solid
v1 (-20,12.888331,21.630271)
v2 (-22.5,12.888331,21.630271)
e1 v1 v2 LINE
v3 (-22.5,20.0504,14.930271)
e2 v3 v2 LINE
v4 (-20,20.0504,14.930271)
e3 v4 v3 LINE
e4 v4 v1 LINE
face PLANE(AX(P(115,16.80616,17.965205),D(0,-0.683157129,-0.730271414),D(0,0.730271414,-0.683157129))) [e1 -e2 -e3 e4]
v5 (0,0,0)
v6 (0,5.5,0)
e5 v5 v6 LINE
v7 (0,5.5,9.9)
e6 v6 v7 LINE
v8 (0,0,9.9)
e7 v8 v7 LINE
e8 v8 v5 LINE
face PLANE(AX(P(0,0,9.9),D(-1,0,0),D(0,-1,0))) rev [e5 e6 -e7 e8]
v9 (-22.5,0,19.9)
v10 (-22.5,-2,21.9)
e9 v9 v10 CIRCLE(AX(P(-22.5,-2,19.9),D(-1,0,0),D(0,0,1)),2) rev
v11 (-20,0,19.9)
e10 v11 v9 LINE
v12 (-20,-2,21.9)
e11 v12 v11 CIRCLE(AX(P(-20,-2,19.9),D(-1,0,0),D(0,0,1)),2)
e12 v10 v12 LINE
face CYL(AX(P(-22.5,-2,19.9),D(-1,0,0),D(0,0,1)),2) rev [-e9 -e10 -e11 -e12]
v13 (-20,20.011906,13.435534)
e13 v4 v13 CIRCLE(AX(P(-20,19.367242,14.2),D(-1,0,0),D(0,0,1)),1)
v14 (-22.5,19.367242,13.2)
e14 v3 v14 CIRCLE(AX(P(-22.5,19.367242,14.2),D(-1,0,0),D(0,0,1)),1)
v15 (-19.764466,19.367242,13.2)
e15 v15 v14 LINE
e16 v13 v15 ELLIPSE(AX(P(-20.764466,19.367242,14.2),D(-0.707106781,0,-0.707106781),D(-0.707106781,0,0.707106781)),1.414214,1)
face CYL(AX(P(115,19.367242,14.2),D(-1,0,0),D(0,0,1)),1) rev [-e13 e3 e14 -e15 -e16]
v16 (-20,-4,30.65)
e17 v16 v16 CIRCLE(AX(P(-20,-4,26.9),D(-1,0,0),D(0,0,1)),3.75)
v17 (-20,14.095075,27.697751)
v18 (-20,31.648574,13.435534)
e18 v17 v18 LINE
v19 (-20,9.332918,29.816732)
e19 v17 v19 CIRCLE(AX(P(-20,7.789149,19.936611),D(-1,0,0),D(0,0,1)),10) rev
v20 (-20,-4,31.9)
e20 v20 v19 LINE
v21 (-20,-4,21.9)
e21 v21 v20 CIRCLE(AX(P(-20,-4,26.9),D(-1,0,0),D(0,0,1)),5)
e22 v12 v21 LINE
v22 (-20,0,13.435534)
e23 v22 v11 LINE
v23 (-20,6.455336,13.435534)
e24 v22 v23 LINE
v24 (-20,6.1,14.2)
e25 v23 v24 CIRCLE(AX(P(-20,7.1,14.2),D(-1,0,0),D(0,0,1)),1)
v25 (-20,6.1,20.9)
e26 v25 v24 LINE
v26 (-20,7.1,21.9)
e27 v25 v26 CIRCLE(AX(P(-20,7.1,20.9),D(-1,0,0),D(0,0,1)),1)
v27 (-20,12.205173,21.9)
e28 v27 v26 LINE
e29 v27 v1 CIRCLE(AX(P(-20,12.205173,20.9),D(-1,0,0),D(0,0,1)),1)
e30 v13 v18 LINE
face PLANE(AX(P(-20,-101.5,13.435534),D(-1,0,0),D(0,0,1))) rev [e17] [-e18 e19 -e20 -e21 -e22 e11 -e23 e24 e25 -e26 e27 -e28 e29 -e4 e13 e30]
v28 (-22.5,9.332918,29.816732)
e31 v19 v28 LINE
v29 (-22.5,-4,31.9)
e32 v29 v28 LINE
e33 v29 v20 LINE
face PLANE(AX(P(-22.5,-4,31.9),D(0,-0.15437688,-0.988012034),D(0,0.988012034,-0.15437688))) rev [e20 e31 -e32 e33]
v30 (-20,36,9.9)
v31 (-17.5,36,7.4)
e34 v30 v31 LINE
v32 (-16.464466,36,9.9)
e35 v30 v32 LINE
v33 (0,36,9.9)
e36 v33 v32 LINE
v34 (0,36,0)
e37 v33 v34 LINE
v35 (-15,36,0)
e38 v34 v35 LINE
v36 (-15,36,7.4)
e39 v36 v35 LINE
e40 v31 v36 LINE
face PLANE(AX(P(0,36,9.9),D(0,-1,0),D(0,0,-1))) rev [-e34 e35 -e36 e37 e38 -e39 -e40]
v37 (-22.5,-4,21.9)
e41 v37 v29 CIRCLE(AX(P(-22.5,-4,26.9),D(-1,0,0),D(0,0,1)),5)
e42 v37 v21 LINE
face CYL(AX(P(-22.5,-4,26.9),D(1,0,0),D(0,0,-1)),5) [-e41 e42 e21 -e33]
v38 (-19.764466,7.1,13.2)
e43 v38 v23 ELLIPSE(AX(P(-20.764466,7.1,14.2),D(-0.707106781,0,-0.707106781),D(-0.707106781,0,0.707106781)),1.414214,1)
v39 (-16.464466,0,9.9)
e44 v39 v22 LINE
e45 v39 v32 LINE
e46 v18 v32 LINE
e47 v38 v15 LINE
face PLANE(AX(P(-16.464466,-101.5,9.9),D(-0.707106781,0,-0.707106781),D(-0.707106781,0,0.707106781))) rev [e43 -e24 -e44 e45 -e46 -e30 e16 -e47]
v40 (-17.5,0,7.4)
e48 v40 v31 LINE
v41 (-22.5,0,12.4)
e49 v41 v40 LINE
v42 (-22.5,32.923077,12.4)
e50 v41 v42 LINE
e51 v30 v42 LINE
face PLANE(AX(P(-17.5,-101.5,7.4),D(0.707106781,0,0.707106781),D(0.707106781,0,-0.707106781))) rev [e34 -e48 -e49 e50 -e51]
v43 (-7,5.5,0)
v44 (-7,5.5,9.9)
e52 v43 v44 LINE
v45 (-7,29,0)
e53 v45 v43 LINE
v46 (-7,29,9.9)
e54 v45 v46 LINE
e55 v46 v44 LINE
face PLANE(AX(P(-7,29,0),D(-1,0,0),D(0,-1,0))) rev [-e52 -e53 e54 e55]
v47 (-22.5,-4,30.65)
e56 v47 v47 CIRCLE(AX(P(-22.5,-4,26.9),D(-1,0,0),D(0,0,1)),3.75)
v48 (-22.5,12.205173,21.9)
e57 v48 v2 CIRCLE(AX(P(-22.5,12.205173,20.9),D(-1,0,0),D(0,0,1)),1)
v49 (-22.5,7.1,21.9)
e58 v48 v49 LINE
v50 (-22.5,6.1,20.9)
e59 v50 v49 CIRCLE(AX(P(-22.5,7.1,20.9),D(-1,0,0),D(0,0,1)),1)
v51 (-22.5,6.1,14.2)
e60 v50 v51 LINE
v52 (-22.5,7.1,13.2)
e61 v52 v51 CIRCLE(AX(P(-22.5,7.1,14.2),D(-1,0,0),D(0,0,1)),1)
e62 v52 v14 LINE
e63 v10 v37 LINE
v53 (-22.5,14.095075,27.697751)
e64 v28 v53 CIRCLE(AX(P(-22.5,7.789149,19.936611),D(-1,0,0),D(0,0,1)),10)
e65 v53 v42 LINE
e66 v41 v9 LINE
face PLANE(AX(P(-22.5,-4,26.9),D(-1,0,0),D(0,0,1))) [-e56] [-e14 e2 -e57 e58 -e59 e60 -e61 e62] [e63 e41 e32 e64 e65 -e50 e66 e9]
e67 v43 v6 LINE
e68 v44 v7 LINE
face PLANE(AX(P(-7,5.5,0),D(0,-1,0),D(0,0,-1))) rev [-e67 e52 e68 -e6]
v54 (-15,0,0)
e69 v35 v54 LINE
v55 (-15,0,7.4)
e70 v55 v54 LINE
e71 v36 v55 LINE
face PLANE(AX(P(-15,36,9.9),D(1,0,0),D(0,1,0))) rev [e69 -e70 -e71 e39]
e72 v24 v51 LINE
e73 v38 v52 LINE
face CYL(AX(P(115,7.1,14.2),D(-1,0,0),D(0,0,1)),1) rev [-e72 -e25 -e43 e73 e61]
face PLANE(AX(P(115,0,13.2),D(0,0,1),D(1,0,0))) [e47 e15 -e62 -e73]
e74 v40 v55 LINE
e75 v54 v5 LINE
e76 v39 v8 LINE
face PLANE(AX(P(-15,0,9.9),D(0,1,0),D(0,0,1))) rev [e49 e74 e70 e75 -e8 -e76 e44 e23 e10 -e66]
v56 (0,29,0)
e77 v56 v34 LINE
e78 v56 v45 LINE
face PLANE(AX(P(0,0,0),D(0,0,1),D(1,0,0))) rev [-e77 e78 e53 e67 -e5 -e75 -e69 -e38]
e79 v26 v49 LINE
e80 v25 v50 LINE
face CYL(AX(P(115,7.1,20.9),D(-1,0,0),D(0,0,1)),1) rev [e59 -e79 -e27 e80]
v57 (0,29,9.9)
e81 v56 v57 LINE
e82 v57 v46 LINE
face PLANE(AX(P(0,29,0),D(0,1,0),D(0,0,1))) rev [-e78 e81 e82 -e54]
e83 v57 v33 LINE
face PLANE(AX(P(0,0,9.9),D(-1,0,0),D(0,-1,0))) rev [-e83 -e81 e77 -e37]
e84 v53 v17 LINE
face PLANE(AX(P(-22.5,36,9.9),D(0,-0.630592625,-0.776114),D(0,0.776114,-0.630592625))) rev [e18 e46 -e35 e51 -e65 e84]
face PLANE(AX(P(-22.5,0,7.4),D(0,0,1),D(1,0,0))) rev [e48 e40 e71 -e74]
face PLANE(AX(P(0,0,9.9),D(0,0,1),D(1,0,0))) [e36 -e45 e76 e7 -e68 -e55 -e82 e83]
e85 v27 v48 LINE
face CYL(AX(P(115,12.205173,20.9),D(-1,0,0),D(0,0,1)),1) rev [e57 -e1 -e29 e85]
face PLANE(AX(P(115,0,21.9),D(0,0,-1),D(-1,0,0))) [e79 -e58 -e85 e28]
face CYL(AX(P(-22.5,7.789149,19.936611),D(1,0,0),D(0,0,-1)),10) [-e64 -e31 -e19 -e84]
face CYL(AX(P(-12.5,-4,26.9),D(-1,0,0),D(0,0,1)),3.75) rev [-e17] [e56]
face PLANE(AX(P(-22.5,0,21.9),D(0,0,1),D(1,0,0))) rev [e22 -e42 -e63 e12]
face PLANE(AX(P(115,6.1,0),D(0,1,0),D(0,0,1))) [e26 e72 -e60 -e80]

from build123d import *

# Parameters (mm, degrees)
SZKIC1_W                    = 15
SZKIC1_H                    = 36
DODANIE_WYCI_GNI_CIE1_DEPTH = 9.9
SZKIC2_W                    = 7
SZKIC2_H                    = 23.5
WYTNIJ_WYCI_GNI_CIE1_DEPTH  = 9.9
SZKIC3_R                    = 2.5
DODANIE_WYCI_GNI_CIE2_DEPTH = 7.5
WYTNIJ_WYCI_GNI_CIE2_DEPTH  = 137.5
WYTNIJ_WYCI_GNI_CIE3_DEPTH  = 137.5
ZAOKR_GLENIE1_R             = 10
ZAOKR_GLENIE2_R             = 2
SZKIC6_R                    = 3.75
WYTNIJ_WYCI_GNI_CIE4_DEPTH  = 10


with BuildPart() as part:
    # Szkic1 → Dodanie-wyciągnięcie1 (new body)
    with BuildSketch(Plane.XY):
        with Locations((-7.5, 18)):
            Rectangle(SZKIC1_W, SZKIC1_H)
    extrude(amount=DODANIE_WYCI_GNI_CIE1_DEPTH)

    # Szkic2 → Wytnij-wyciągnięcie1 (cut)
    with BuildSketch(Plane.XY.offset(9.9)):
        with Locations((-3.5, 17.25)):
            Rectangle(SZKIC2_W, SZKIC2_H)
    extrude(amount=-WYTNIJ_WYCI_GNI_CIE1_DEPTH, mode=Mode.SUBTRACT)

    # Szkic3 → Dodanie-wyciągnięcie2 (add)
    with BuildSketch(Plane.ZY.offset(15)):
        with BuildLine():
            Line((7.4, 36), (9.9, 36))
            Line((9.9, 36), (12.4, 32.923076923))
            Line((12.4, 32.923076923), (29.4, 12))
            Line((29.4, 12), (31.9, -4))
            ThreePointArc((31.9, -4), (26.9, -9), (21.9, -4))
            Line((21.9, -4), (21.9, 0))
            Line((21.9, 0), (12.4, 0))
            Line((12.4, 0), (7.4, 0))
            Line((7.4, 0), (7.4, 36))
        make_face()
        with Locations((26.9, -4)):
            Circle(SZKIC3_R, mode=Mode.SUBTRACT)
    extrude(amount=DODANIE_WYCI_GNI_CIE2_DEPTH)

    # Szkic4 → Wytnij-wyciągnięcie2 (cut)
    with BuildSketch(Plane(origin=(0, 36, 0), x_dir=(1, 0, 0), z_dir=(0, 1, 0))):
        Polygon((-17.5, -7.4), (-25.001097051, -14.901097051), (-26.525986736, -7.4), align=None)
        Polygon((-16.464466094, -9.9), (-20, -13.435533906), (-20, -34.97095788), (-2.856589665, -34.97095788), (-4.384348652, -9.9), align=None)
    extrude(amount=-WYTNIJ_WYCI_GNI_CIE2_DEPTH, mode=Mode.SUBTRACT)

    # Szkic5 → Wytnij-wyciągnięcie3 (cut)
    with BuildSketch(Plane.ZY.offset(22.5)):
        with BuildLine():
            Line((14.930271414, 20.050399523), (21.630271414, 12.888330558))
            ThreePointArc((21.630271414, 12.888330558), (21.830126715, 12.572412171), (21.9, 12.205173429))
            Line((21.9, 12.205173429), (21.9, 7.1))
            ThreePointArc((21.9, 7.1), (21.607106781, 6.392893219), (20.9, 6.1))
            Line((20.9, 6.1), (14.2, 6.1))
            ThreePointArc((14.2, 6.1), (13.492893219, 6.392893219), (13.2, 7.1))
            Line((13.2, 7.1), (13.2, 19.367242395))
            ThreePointArc((13.2, 19.367242395), (13.832761259, 20.29736911), (14.930271414, 20.050399523))
        make_face()
    extrude(amount=-WYTNIJ_WYCI_GNI_CIE3_DEPTH, mode=Mode.SUBTRACT)

    # Zaokrąglenie1
    zaokr_glenie1_edges = [part.edges().sort_by_distance(p)[0] for p in [
        (-21.25, 12, 29.4),
    ]]
    fillet(zaokr_glenie1_edges, radius=ZAOKR_GLENIE1_R)

    # Zaokrąglenie2
    zaokr_glenie2_edges = [part.edges().sort_by_distance(p)[0] for p in [
        (-21.25, 0, 21.9),
    ]]
    fillet(zaokr_glenie2_edges, radius=ZAOKR_GLENIE2_R)

    # Szkic6 → Wytnij-wyciągnięcie4 (cut)
    with BuildSketch(Plane.ZY.offset(22.5)):
        with Locations((26.9, -4)):
            Circle(SZKIC6_R)
    extrude(amount=-WYTNIJ_WYCI_GNI_CIE4_DEPTH, mode=Mode.SUBTRACT)


solid = part.part
